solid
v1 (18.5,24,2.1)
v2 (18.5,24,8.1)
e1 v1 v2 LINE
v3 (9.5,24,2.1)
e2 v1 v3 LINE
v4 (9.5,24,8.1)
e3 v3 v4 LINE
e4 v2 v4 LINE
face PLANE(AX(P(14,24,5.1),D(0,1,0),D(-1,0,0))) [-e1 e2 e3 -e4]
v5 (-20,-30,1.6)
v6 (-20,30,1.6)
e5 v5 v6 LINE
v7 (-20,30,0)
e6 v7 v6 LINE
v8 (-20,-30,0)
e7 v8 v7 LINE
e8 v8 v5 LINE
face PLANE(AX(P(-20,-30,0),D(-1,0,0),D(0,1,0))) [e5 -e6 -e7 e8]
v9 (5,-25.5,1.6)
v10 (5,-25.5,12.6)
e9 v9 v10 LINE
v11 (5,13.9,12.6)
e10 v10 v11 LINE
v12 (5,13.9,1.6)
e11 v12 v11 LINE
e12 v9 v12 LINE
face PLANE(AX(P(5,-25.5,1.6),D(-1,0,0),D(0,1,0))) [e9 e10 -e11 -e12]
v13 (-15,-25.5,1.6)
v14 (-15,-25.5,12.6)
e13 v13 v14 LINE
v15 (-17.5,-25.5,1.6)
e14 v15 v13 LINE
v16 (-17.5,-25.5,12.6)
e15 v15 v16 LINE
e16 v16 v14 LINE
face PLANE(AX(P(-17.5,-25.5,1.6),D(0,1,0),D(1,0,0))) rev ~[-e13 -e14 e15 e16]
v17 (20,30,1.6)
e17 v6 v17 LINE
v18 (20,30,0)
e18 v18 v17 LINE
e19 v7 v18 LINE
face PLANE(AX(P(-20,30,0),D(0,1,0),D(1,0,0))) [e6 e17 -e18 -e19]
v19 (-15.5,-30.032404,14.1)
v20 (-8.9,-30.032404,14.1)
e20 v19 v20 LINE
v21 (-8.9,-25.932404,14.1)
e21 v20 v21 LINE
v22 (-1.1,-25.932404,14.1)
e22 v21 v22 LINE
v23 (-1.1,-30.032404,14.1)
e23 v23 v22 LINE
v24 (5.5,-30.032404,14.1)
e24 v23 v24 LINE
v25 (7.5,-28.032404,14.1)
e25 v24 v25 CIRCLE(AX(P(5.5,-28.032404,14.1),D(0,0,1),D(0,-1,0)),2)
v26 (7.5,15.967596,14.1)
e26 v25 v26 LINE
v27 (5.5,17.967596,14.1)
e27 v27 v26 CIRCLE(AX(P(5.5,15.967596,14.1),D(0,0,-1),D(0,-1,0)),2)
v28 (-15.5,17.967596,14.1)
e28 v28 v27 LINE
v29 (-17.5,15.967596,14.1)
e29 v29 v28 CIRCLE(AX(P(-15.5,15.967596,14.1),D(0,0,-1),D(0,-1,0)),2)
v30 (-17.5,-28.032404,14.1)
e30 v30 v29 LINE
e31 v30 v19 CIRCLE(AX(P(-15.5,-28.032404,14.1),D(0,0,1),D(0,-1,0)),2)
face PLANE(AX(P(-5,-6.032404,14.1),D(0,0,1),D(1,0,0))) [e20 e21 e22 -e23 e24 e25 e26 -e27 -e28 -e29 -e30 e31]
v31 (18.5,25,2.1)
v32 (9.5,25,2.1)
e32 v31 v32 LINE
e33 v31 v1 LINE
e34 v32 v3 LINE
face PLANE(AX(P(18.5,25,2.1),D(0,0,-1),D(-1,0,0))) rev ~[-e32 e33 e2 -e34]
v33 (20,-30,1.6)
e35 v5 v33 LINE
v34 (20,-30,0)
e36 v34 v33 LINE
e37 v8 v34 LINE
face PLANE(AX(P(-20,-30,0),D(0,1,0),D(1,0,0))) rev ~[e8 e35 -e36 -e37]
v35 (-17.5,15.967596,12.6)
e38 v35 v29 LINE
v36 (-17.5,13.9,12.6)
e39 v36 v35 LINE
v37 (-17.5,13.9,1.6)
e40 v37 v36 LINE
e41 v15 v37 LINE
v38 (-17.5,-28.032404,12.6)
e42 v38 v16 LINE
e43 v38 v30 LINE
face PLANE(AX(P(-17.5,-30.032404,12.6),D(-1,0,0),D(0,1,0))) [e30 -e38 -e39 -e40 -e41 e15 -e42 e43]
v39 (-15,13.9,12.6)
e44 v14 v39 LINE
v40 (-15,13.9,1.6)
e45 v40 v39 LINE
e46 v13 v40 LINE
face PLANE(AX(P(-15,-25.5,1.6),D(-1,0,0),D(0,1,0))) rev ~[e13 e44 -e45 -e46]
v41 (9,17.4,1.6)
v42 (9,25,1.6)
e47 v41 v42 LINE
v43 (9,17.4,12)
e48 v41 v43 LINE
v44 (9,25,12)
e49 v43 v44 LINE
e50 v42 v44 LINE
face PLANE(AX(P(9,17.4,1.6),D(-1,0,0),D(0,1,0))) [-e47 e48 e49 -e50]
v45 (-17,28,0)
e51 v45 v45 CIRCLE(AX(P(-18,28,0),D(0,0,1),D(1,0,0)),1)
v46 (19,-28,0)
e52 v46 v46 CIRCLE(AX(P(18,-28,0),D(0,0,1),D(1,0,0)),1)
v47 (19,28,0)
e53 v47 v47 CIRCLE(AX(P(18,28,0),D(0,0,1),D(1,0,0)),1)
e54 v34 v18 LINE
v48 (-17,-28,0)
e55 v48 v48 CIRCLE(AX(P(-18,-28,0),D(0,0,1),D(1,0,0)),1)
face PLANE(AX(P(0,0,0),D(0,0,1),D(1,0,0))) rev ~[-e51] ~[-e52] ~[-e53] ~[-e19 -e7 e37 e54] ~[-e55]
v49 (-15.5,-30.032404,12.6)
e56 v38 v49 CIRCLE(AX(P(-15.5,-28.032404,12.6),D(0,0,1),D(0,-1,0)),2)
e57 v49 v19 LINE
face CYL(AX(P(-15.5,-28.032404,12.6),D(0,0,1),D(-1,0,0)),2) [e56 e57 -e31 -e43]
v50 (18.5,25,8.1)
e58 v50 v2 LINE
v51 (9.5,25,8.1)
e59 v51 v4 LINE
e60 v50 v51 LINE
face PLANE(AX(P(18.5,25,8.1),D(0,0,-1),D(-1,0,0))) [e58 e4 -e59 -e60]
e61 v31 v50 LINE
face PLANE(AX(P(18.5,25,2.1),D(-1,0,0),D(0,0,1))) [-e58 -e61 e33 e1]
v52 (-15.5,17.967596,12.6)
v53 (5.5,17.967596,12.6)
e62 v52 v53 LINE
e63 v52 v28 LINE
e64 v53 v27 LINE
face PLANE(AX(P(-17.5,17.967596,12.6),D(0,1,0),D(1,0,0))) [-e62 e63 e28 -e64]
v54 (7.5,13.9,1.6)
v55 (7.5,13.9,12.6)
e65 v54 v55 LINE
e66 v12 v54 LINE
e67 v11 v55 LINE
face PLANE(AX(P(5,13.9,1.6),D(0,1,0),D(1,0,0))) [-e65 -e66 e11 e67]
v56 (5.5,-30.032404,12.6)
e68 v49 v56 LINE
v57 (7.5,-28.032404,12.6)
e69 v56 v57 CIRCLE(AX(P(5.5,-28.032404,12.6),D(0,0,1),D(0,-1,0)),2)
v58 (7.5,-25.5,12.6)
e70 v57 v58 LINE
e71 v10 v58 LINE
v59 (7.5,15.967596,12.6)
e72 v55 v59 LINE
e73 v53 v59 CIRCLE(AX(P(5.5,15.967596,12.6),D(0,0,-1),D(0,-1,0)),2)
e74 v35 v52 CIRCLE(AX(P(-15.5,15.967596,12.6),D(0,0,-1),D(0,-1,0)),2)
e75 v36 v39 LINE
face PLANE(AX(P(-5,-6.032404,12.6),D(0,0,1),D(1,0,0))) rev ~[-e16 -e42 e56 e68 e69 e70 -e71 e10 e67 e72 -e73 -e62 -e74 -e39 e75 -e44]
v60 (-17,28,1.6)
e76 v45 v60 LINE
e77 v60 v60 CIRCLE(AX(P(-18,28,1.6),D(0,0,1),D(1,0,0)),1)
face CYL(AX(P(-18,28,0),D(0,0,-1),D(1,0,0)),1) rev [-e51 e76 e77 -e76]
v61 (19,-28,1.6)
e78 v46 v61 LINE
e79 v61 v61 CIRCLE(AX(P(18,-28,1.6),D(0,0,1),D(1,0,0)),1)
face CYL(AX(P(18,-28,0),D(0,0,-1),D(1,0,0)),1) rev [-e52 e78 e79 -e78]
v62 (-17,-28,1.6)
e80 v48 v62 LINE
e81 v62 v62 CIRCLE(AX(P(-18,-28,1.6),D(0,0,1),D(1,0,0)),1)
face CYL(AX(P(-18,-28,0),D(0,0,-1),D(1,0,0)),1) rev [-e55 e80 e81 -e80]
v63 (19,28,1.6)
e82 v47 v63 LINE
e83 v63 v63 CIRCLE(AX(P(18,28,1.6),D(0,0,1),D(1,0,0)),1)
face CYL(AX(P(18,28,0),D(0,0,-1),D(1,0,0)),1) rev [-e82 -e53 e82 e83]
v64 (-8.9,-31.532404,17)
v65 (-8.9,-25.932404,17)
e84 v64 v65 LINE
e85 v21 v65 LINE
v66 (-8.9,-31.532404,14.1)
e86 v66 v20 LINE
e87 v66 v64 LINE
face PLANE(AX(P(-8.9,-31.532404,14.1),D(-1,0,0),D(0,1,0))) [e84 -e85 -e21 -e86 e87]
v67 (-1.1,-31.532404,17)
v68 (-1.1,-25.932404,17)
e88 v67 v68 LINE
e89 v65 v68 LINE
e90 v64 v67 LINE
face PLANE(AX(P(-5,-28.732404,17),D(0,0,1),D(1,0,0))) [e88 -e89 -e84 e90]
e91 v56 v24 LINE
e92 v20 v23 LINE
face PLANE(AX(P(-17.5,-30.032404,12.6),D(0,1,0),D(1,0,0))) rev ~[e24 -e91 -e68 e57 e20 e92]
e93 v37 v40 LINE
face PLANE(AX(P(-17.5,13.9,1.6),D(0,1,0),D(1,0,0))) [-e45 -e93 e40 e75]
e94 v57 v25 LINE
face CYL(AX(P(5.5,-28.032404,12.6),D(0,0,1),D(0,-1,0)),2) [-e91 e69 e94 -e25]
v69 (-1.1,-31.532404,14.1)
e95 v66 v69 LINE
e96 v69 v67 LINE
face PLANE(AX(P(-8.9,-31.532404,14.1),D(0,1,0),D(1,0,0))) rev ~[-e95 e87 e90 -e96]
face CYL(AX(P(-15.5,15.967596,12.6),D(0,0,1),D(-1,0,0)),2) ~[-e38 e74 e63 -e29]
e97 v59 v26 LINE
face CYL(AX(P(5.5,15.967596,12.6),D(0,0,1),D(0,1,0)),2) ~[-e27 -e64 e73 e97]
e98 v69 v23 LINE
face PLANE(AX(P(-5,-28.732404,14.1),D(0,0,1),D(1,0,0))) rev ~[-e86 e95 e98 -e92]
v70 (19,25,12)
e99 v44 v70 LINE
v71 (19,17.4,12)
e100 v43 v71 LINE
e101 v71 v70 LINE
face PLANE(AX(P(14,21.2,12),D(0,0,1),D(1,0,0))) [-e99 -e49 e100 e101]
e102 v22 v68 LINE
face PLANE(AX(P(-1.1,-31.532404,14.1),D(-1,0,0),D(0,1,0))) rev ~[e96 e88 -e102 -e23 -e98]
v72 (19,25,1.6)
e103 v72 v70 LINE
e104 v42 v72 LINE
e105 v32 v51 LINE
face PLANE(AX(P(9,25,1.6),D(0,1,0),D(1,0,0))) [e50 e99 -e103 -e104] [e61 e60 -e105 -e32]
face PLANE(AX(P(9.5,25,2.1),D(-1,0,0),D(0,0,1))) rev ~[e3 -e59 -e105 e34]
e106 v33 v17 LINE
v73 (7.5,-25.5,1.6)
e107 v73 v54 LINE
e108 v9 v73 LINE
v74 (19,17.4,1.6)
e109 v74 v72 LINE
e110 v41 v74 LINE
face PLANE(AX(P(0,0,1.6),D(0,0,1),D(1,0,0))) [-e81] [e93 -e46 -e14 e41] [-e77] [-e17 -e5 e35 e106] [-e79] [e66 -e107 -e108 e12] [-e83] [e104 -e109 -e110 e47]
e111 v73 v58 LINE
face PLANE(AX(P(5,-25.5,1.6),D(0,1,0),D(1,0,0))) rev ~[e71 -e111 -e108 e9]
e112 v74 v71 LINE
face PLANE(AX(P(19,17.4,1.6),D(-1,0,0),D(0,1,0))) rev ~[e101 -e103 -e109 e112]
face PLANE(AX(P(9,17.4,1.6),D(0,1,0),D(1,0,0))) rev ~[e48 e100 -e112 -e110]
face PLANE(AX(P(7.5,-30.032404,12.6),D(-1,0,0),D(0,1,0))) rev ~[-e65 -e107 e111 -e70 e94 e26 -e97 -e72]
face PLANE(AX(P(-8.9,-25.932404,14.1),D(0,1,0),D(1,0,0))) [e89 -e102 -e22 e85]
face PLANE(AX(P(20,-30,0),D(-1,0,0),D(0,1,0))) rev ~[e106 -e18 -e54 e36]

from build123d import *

# Parameters (mm, degrees)
F0_W      = 40
F0_H      = 60
F0_R      = 1
F1_DEPTH  = 1.6
F2_W      = 10
F2_H      = 7.6
F3_DEPTH  = 10.4
F4_W      = 9
F4_H      = 6
F5_DEPTH  = 1
F6_W      = 2.5
F6_H      = 39.4
F7_DEPTH  = 11
F8_W      = 25
F8_H      = 48
F9_DEPTH  = 1.5
F10_R     = 2
F11_W     = 7.8
F11_H     = 5.6
F12_DEPTH = 2.9


with BuildPart() as f1:
    # F0 (on Top) → F1 (new body)
    with BuildSketch(Plane.XY):
        Rectangle(F0_W, F0_H)
        with Locations((-18, -28)):
            Circle(F0_R, mode=Mode.SUBTRACT)
        with Locations((18, -28)):
            Circle(F0_R, mode=Mode.SUBTRACT)
        with Locations((-18, 28)):
            Circle(F0_R, mode=Mode.SUBTRACT)
        with Locations((18, 28)):
            Circle(F0_R, mode=Mode.SUBTRACT)
    extrude(amount=F1_DEPTH)

    # F2 (on face) → F3 (join)
    with BuildSketch(Plane.XY.offset(1.6)):
        with Locations((14, 21.2)):
            Rectangle(F2_W, F2_H)
    extrude(amount=F3_DEPTH)

    # F4 (on face) → F5 (cut)
    with BuildSketch(Plane(origin=(0, 25, 0), x_dir=(-1, 0, 0), z_dir=(0, 1, 0))):
        with Locations((-14, 5.1)):
            Rectangle(F4_W, F4_H)
    extrude(amount=-F5_DEPTH, mode=Mode.SUBTRACT)

    # F6 (on face) → F7 (join)
    with BuildSketch(Plane.XY.offset(1.6)):
        with Locations((6.25, -5.8)):
            Rectangle(F6_W, F6_H)
        with Locations((-16.25, -5.8)):
            Rectangle(F6_W, F6_H)
    extrude(amount=F7_DEPTH)

    # F8 (on face) → F9 (join)
    with BuildSketch(Plane.XY.offset(12.6)):
        with Locations((-5, -6.032404)):
            Rectangle(F8_W, F8_H)
    extrude(amount=F9_DEPTH)

    # F10
    f10_edges = [f1.edges().sort_by_distance(p)[0] for p in [
        (-17.5, -30.032404, 13.35),
        (7.5, -30.032404, 13.35),
        (7.5, 17.967596, 13.35),
        (-17.5, 17.967596, 13.35),
    ]]
    fillet(f10_edges, radius=F10_R)

    # F11 (on face) → F12 (join)
    with BuildSketch(Plane.XY.offset(14.1)):
        with Locations((-5, -28.732404)):
            Rectangle(F11_W, F11_H)
    extrude(amount=F12_DEPTH)


solid = f1.part
